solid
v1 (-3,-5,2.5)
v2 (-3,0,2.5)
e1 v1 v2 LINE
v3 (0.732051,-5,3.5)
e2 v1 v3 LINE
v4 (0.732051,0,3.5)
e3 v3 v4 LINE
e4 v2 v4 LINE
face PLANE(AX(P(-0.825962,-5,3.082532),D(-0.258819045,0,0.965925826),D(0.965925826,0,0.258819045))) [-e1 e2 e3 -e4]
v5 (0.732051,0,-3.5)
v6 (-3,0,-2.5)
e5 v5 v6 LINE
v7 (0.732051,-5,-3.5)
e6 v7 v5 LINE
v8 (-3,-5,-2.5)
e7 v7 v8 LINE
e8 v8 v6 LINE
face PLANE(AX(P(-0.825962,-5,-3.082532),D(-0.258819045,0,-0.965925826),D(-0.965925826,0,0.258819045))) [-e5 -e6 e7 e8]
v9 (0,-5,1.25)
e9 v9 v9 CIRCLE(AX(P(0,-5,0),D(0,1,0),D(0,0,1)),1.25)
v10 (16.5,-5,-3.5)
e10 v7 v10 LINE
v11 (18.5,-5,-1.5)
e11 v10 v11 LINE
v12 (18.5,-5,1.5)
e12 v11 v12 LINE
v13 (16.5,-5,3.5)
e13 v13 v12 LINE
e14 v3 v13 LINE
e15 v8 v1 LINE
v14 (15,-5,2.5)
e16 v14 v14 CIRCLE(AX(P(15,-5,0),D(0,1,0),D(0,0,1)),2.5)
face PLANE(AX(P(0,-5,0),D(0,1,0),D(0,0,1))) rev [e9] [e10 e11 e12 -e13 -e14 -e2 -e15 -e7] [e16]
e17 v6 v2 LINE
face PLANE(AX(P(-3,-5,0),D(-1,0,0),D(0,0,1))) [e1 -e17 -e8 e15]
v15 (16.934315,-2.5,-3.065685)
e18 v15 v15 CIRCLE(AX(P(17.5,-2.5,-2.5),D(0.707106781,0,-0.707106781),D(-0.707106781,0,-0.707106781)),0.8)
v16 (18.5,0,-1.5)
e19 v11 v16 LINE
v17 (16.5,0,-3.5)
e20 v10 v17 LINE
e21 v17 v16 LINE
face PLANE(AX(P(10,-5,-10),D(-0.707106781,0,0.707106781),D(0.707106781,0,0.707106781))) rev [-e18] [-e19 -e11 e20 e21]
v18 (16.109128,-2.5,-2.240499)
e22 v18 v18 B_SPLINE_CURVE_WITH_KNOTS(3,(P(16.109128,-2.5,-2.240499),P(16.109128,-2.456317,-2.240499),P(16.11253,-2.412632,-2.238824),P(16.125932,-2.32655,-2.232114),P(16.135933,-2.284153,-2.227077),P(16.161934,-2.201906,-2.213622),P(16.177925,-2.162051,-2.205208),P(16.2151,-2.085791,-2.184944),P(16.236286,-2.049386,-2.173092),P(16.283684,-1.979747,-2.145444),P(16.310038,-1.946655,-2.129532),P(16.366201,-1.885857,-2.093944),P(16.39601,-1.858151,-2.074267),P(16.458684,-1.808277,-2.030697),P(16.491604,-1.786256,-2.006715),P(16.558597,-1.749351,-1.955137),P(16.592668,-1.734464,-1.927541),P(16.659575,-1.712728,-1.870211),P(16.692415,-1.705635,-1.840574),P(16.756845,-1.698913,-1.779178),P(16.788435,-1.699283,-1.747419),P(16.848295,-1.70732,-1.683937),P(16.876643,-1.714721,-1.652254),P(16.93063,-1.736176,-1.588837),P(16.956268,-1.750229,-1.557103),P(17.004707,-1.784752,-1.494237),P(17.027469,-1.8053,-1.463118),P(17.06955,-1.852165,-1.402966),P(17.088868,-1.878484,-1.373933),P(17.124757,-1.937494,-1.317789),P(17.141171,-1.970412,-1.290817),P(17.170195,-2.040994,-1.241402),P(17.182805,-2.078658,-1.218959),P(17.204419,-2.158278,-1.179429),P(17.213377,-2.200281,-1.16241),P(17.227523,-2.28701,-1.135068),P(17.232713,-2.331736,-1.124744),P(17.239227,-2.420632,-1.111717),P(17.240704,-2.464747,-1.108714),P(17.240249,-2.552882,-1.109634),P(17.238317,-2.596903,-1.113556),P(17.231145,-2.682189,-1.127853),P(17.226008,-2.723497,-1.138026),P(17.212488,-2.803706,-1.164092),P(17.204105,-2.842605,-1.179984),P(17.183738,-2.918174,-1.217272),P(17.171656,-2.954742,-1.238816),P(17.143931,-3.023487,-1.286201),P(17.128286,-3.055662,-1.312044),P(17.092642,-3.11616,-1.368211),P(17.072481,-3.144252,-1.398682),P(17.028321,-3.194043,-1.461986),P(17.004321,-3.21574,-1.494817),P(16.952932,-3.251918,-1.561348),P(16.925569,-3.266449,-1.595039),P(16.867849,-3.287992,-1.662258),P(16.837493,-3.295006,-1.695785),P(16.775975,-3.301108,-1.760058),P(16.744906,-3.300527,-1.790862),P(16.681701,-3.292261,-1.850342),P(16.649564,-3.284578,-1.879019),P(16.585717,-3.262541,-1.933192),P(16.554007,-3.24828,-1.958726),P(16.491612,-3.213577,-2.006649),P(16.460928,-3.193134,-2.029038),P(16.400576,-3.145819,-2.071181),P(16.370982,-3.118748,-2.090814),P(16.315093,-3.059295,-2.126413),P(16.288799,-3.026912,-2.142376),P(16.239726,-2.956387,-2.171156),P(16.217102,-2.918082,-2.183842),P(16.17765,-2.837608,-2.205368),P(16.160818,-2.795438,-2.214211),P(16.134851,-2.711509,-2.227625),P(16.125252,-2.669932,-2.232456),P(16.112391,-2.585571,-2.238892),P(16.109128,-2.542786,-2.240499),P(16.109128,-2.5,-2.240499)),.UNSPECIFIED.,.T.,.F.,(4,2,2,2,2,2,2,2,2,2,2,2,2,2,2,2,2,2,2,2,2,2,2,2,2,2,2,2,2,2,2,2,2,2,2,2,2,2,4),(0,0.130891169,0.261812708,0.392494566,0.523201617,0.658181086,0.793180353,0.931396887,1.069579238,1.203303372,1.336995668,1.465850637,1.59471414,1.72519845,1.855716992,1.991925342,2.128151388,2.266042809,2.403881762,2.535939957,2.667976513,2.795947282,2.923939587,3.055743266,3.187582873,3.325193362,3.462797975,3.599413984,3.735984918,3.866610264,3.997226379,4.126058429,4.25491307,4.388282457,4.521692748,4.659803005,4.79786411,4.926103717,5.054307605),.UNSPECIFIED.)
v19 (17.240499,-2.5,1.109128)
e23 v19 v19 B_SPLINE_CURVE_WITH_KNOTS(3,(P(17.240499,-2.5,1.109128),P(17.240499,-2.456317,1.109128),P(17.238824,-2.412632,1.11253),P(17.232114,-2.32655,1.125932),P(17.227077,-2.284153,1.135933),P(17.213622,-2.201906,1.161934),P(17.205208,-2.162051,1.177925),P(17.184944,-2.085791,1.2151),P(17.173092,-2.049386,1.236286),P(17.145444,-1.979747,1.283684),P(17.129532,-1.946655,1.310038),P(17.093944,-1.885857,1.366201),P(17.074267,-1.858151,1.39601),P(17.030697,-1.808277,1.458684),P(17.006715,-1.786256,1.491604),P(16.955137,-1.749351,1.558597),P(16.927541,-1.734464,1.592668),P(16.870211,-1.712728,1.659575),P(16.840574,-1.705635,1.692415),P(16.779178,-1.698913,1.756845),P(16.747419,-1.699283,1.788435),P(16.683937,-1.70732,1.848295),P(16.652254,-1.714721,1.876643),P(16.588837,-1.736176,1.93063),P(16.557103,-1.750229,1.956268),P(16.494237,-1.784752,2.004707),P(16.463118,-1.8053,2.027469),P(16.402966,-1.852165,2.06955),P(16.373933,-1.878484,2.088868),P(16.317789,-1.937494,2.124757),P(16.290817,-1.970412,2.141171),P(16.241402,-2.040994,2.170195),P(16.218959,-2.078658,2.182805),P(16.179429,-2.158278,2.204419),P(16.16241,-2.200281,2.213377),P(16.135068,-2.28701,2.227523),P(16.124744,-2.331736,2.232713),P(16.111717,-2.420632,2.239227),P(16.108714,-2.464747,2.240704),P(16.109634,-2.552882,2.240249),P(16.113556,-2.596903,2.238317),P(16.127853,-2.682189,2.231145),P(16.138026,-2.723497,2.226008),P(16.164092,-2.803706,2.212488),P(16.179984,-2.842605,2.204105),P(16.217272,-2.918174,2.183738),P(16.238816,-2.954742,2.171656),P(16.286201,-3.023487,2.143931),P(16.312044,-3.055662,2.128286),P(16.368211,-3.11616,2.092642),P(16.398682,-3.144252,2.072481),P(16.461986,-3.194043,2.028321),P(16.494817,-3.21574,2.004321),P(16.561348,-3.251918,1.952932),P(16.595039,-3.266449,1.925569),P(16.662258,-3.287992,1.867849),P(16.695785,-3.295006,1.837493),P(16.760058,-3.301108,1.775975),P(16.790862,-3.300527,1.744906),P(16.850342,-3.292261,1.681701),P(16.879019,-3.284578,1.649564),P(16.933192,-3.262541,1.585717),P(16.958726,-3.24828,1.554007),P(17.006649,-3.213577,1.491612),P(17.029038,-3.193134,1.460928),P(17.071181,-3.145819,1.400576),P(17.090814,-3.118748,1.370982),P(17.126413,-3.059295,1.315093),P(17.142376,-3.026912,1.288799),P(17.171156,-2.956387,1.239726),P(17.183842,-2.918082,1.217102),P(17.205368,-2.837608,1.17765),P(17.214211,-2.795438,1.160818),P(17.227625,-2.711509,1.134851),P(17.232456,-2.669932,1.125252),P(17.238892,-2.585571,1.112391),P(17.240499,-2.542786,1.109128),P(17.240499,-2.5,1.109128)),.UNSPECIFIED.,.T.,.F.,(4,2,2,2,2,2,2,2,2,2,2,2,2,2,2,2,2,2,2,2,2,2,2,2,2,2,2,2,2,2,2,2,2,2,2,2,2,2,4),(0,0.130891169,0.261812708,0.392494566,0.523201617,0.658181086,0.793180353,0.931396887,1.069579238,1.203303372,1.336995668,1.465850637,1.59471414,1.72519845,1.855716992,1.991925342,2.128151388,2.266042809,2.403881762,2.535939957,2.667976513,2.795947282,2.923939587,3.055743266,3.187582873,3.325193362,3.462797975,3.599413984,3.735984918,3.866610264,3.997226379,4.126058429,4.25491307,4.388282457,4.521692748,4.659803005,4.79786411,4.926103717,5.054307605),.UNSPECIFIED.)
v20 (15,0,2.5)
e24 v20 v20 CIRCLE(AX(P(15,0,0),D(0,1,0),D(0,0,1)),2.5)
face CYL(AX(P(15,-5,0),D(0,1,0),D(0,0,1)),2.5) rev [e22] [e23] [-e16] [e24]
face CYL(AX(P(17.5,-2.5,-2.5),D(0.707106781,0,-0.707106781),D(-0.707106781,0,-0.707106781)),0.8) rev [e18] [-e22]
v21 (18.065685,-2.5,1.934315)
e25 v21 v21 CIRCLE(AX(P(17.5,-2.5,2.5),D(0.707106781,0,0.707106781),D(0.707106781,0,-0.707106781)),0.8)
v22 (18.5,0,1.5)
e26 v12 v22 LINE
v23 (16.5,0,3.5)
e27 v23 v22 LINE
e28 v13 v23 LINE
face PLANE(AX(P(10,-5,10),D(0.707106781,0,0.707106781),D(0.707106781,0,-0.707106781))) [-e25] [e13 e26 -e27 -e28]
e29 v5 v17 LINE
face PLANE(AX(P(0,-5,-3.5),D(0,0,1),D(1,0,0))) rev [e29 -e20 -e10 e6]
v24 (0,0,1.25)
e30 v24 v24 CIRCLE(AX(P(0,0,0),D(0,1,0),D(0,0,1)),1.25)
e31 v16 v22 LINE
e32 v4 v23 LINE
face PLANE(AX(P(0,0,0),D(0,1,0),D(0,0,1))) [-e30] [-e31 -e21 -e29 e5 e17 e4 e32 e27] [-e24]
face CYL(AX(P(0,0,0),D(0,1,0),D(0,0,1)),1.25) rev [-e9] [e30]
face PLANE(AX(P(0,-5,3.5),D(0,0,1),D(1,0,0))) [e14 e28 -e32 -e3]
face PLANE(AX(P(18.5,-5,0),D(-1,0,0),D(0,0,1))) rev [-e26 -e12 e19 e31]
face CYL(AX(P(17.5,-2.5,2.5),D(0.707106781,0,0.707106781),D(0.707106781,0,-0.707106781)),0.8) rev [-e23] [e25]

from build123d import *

# Parameters (mm, degrees)
BLOCK_R                = 2.5
BOSS_EXTRUDE1_DEPTH    = 5
M3_TAPPED_HOLE1_D      = 2.5
M2_TAPPED_HOLE1_REACH  = 21.397
M2_TAPPED_HOLE1_BORE_R = 0.8


with BuildPart() as part:
    # block → Boss-Extrude1 (new body)
    with BuildSketch(Plane(origin=(0, 0, 0), x_dir=(1, 0, 0), z_dir=(0, 1, 0))):
        Polygon((0.732050808, 3.5), (16.5, 3.5), (18.5, 1.5), (18.5, -1.5), (16.5, -3.5), (0.732050808, -3.5), (-3, -2.5), (-3, 2.5), align=None)
        with Locations(Location((15, 0, 0), (0, 0, 270))):
            Circle(BLOCK_R, mode=Mode.SUBTRACT)
    extrude(amount=-BOSS_EXTRUDE1_DEPTH)

    # M3 Tapped Hole1 (through all)
    with Locations(Plane(origin=(0, 0, 0), x_dir=(1, 0, 0), z_dir=(0, 1, 0))):
        with Locations((0, 0)):
            Hole(M3_TAPPED_HOLE1_D / 2)

    # M2 Tapped Hole1 bore → M2 Tapped Hole1 (cut, up to next)
    with BuildSketch(Plane(origin=(10, 0, -10), x_dir=(-0.7071067811865465, 0, -0.7071067811865486), z_dir=(0.7071067811865486, 0, -0.7071067811865465)), mode=Mode.PRIVATE) as m2_tapped_hole1_sk1:
        with Locations((-10.606601718, -2.5)):
            Circle(M2_TAPPED_HOLE1_BORE_R)
    m2_tapped_hole1_tool1 = extrude(m2_tapped_hole1_sk1.sketch, amount=-M2_TAPPED_HOLE1_REACH, mode=Mode.PRIVATE) & part.part
    m2_tapped_hole1 = m2_tapped_hole1_tool1.solids().sort_by_distance((17.5, -2.5, -2.5))[0]
    add(m2_tapped_hole1, mode=Mode.SUBTRACT)

    # Mirror1: M2 Tapped Hole1 across plane
    add(m2_tapped_hole1.mirror(Plane.XY), mode=Mode.SUBTRACT)


solid = part.part
